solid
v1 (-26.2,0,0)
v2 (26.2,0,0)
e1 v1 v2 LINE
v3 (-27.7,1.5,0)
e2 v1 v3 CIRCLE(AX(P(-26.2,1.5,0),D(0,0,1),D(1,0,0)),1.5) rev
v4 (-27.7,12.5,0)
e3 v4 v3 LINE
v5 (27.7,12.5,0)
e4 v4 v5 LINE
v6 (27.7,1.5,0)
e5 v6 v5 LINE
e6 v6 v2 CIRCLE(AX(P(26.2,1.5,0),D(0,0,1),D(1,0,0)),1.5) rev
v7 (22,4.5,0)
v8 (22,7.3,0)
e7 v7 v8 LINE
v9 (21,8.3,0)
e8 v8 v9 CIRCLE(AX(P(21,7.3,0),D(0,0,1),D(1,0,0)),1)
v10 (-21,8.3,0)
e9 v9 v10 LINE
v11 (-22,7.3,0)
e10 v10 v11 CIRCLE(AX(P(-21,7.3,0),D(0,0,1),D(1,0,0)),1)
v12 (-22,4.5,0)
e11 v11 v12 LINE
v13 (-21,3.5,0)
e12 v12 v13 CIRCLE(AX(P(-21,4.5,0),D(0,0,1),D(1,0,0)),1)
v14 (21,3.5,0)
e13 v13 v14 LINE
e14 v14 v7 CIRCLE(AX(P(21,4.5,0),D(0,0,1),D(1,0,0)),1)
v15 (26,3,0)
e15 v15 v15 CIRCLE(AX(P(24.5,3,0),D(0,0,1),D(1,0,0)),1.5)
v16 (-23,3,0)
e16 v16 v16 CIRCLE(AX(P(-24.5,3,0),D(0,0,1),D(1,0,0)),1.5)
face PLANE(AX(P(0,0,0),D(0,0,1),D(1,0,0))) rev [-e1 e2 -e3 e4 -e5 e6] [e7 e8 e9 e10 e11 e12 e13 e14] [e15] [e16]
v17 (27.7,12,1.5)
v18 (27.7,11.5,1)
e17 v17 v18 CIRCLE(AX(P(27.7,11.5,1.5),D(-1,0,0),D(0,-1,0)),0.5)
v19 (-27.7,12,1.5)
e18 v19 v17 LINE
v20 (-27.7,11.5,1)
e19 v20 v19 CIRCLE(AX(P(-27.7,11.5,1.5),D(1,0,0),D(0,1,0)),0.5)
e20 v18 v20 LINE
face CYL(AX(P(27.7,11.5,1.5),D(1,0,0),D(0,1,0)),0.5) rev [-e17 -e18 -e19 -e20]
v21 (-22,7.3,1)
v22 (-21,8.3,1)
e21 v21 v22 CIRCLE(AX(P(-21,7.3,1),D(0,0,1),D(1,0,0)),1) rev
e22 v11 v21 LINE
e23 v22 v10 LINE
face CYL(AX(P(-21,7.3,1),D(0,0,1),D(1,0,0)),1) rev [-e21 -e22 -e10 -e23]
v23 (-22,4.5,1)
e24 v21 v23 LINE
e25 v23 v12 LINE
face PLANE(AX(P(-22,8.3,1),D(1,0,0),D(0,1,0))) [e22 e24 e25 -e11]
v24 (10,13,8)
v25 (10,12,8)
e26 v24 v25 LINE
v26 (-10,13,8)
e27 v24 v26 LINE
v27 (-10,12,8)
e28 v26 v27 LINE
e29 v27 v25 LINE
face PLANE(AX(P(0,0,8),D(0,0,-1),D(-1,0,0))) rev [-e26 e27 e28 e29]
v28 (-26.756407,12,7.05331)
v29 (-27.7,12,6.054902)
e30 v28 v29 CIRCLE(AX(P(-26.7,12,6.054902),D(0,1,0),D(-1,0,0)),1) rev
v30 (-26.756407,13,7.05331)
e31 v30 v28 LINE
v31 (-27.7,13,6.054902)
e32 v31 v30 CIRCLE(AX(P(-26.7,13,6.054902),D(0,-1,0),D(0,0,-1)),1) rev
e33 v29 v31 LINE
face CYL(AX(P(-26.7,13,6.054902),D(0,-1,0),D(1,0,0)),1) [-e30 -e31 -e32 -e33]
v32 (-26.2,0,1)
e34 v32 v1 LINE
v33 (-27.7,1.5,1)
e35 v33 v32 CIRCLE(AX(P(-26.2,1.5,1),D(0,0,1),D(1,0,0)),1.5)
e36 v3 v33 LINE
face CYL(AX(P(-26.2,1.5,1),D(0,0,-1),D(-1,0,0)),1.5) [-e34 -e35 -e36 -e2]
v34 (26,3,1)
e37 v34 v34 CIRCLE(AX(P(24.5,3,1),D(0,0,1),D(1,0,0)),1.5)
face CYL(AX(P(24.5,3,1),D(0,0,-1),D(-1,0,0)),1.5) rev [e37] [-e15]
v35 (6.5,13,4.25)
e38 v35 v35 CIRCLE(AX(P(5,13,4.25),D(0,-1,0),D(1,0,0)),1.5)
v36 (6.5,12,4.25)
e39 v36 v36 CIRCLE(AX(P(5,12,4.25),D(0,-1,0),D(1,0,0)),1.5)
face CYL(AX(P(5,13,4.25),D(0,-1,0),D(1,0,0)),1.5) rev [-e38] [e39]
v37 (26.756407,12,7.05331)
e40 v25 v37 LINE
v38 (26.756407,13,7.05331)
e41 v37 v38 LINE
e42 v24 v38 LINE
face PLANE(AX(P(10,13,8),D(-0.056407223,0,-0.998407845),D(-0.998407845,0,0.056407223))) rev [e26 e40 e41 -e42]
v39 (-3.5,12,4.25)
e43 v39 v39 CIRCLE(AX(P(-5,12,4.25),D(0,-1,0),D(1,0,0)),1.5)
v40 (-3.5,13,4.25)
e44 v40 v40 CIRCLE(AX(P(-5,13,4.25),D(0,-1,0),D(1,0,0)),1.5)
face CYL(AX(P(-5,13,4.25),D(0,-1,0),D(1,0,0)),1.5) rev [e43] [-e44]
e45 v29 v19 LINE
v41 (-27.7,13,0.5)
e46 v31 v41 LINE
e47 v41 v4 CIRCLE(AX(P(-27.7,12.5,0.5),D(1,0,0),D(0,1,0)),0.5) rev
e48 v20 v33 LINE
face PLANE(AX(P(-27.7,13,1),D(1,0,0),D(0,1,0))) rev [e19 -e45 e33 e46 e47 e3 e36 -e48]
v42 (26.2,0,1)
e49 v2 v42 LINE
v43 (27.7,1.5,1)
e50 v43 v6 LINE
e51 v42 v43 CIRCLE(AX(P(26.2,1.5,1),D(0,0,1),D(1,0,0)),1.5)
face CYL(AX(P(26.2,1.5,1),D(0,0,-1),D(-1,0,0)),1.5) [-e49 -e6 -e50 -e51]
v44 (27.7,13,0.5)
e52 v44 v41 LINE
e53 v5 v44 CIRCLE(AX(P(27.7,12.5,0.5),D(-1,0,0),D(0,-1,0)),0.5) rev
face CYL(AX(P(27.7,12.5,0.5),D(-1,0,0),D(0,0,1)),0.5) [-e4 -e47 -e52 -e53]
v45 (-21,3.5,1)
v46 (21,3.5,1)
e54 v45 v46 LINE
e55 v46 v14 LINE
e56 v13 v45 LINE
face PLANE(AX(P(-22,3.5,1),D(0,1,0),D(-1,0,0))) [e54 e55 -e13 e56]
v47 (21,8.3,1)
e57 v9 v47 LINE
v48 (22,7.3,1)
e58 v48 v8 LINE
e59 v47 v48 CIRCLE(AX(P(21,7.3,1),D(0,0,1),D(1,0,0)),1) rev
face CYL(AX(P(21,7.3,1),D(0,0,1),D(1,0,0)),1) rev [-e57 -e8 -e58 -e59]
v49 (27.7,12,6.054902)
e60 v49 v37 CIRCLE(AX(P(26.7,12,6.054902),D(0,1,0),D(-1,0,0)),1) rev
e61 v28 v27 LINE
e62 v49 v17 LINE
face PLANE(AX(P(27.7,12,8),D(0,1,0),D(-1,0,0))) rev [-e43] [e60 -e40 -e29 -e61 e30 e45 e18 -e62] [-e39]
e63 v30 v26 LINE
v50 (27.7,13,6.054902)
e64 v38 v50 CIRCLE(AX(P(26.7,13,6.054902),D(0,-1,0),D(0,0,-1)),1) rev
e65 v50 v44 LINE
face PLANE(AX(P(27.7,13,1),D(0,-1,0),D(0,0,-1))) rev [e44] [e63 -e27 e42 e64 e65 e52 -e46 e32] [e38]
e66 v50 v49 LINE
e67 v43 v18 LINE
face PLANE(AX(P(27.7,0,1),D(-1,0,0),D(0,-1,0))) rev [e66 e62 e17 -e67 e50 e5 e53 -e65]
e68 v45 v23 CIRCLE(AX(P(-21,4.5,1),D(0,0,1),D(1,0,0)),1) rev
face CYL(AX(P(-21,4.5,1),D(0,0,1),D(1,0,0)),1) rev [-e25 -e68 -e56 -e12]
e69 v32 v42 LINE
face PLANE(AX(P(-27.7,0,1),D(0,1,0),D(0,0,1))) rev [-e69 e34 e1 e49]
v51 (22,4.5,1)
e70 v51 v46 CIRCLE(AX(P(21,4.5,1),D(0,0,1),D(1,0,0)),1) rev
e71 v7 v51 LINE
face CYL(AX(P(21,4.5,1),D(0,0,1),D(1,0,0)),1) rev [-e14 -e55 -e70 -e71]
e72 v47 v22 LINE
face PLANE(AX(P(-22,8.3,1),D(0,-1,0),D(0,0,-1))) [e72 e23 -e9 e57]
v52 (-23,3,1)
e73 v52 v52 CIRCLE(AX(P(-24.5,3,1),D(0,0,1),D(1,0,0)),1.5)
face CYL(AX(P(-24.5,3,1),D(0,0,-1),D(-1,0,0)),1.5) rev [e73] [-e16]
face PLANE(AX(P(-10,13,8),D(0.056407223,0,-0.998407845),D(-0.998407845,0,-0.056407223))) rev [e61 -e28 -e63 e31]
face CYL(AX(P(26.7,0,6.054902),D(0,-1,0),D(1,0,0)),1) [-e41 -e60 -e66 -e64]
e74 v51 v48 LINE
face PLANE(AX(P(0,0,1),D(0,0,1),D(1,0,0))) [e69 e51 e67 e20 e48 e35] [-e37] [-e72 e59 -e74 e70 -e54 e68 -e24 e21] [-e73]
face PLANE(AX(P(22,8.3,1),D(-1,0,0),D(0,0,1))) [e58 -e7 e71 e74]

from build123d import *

# Parameters (mm, degrees)
SKETCH_1_W          = 55.4
SKETCH_1_H          = 13
SKETCH_1_R          = 1.5
SKETCH_1_W_2        = 44
SKETCH_1_H_2        = 4.8
EXTRUDE_1_DEPTH     = 1
SKETCH_2_W          = 55.4
SKETCH_2_H          = 1
EXTRUDE_2_DEPTH     = 7
CUT_EXTRUDE_1_DEPTH = 2
SKETCH_4_R          = 1.5
CUT_EXTRUDE_2_DEPTH = 2
FILLET_1_R          = 0.5
FILLET_2_R          = 1
FILLET_3_R          = 1.5
FILLET_4_R          = 1


with BuildPart() as part:
    # 草图1 → 凸台-拉伸1 (new body)
    with BuildSketch(Plane.XY):
        with Locations((0, 6.5)):
            Rectangle(SKETCH_1_W, SKETCH_1_H)
        with Locations((-24.5, 3)):
            Circle(SKETCH_1_R, mode=Mode.SUBTRACT)
        with Locations((24.5, 3)):
            Circle(SKETCH_1_R, mode=Mode.SUBTRACT)
        with Locations((0, 5.9)):
            Rectangle(SKETCH_1_W_2, SKETCH_1_H_2, mode=Mode.SUBTRACT)
    extrude(amount=EXTRUDE_1_DEPTH)

    # 草图2 → 凸台-拉伸2 (add)
    with BuildSketch(Plane.XY.offset(1)):
        with Locations((0, 12.5)):
            Rectangle(SKETCH_2_W, SKETCH_2_H)
    extrude(amount=EXTRUDE_2_DEPTH)

    # 草图3 → 切除-拉伸1 (cut, through all)
    with BuildSketch(Plane.XZ.offset(-12)):
        Polygon((-27.7, 8), (-27.7, 7), (-10, 8), align=None)
        Polygon((27.7, 8), (27.7, 7), (10, 8), align=None)
    extrude(amount=-CUT_EXTRUDE_1_DEPTH, mode=Mode.SUBTRACT)

    # 草图4 → 切除-拉伸2 (cut, through all)
    with BuildSketch(Plane.XZ.offset(-12)):
        with Locations((-5, 4.25)):
            Circle(SKETCH_4_R)
        with Locations((5, 4.25)):
            Circle(SKETCH_4_R)
    extrude(amount=-CUT_EXTRUDE_2_DEPTH, mode=Mode.SUBTRACT)

    # 圆角1
    fillet_1_edges = [part.edges().sort_by_distance(p)[0] for p in [
        (0, 13, 0),
        (0, 12, 1),
    ]]
    fillet(fillet_1_edges, radius=FILLET_1_R)

    # 圆角2
    fillet_2_edges = [part.edges().sort_by_distance(p)[0] for p in [
        (22, 3.5, 0.5),
        (22, 8.3, 0.5),
        (-22, 8.3, 0.5),
        (-22, 3.5, 0.5),
    ]]
    fillet(fillet_2_edges, radius=FILLET_2_R)

    # 圆角3
    fillet_3_edges = [part.edges().sort_by_distance(p)[0] for p in [
        (27.7, 0, 0.5),
        (-27.7, 0, 0.5),
    ]]
    fillet(fillet_3_edges, radius=FILLET_3_R)

    # 圆角4
    fillet_4_edges = [part.edges().sort_by_distance(p)[0] for p in [
        (-27.7, 12.5, 7),
        (27.7, 12.5, 7),
    ]]
    fillet(fillet_4_edges, radius=FILLET_4_R)


solid = part.part
